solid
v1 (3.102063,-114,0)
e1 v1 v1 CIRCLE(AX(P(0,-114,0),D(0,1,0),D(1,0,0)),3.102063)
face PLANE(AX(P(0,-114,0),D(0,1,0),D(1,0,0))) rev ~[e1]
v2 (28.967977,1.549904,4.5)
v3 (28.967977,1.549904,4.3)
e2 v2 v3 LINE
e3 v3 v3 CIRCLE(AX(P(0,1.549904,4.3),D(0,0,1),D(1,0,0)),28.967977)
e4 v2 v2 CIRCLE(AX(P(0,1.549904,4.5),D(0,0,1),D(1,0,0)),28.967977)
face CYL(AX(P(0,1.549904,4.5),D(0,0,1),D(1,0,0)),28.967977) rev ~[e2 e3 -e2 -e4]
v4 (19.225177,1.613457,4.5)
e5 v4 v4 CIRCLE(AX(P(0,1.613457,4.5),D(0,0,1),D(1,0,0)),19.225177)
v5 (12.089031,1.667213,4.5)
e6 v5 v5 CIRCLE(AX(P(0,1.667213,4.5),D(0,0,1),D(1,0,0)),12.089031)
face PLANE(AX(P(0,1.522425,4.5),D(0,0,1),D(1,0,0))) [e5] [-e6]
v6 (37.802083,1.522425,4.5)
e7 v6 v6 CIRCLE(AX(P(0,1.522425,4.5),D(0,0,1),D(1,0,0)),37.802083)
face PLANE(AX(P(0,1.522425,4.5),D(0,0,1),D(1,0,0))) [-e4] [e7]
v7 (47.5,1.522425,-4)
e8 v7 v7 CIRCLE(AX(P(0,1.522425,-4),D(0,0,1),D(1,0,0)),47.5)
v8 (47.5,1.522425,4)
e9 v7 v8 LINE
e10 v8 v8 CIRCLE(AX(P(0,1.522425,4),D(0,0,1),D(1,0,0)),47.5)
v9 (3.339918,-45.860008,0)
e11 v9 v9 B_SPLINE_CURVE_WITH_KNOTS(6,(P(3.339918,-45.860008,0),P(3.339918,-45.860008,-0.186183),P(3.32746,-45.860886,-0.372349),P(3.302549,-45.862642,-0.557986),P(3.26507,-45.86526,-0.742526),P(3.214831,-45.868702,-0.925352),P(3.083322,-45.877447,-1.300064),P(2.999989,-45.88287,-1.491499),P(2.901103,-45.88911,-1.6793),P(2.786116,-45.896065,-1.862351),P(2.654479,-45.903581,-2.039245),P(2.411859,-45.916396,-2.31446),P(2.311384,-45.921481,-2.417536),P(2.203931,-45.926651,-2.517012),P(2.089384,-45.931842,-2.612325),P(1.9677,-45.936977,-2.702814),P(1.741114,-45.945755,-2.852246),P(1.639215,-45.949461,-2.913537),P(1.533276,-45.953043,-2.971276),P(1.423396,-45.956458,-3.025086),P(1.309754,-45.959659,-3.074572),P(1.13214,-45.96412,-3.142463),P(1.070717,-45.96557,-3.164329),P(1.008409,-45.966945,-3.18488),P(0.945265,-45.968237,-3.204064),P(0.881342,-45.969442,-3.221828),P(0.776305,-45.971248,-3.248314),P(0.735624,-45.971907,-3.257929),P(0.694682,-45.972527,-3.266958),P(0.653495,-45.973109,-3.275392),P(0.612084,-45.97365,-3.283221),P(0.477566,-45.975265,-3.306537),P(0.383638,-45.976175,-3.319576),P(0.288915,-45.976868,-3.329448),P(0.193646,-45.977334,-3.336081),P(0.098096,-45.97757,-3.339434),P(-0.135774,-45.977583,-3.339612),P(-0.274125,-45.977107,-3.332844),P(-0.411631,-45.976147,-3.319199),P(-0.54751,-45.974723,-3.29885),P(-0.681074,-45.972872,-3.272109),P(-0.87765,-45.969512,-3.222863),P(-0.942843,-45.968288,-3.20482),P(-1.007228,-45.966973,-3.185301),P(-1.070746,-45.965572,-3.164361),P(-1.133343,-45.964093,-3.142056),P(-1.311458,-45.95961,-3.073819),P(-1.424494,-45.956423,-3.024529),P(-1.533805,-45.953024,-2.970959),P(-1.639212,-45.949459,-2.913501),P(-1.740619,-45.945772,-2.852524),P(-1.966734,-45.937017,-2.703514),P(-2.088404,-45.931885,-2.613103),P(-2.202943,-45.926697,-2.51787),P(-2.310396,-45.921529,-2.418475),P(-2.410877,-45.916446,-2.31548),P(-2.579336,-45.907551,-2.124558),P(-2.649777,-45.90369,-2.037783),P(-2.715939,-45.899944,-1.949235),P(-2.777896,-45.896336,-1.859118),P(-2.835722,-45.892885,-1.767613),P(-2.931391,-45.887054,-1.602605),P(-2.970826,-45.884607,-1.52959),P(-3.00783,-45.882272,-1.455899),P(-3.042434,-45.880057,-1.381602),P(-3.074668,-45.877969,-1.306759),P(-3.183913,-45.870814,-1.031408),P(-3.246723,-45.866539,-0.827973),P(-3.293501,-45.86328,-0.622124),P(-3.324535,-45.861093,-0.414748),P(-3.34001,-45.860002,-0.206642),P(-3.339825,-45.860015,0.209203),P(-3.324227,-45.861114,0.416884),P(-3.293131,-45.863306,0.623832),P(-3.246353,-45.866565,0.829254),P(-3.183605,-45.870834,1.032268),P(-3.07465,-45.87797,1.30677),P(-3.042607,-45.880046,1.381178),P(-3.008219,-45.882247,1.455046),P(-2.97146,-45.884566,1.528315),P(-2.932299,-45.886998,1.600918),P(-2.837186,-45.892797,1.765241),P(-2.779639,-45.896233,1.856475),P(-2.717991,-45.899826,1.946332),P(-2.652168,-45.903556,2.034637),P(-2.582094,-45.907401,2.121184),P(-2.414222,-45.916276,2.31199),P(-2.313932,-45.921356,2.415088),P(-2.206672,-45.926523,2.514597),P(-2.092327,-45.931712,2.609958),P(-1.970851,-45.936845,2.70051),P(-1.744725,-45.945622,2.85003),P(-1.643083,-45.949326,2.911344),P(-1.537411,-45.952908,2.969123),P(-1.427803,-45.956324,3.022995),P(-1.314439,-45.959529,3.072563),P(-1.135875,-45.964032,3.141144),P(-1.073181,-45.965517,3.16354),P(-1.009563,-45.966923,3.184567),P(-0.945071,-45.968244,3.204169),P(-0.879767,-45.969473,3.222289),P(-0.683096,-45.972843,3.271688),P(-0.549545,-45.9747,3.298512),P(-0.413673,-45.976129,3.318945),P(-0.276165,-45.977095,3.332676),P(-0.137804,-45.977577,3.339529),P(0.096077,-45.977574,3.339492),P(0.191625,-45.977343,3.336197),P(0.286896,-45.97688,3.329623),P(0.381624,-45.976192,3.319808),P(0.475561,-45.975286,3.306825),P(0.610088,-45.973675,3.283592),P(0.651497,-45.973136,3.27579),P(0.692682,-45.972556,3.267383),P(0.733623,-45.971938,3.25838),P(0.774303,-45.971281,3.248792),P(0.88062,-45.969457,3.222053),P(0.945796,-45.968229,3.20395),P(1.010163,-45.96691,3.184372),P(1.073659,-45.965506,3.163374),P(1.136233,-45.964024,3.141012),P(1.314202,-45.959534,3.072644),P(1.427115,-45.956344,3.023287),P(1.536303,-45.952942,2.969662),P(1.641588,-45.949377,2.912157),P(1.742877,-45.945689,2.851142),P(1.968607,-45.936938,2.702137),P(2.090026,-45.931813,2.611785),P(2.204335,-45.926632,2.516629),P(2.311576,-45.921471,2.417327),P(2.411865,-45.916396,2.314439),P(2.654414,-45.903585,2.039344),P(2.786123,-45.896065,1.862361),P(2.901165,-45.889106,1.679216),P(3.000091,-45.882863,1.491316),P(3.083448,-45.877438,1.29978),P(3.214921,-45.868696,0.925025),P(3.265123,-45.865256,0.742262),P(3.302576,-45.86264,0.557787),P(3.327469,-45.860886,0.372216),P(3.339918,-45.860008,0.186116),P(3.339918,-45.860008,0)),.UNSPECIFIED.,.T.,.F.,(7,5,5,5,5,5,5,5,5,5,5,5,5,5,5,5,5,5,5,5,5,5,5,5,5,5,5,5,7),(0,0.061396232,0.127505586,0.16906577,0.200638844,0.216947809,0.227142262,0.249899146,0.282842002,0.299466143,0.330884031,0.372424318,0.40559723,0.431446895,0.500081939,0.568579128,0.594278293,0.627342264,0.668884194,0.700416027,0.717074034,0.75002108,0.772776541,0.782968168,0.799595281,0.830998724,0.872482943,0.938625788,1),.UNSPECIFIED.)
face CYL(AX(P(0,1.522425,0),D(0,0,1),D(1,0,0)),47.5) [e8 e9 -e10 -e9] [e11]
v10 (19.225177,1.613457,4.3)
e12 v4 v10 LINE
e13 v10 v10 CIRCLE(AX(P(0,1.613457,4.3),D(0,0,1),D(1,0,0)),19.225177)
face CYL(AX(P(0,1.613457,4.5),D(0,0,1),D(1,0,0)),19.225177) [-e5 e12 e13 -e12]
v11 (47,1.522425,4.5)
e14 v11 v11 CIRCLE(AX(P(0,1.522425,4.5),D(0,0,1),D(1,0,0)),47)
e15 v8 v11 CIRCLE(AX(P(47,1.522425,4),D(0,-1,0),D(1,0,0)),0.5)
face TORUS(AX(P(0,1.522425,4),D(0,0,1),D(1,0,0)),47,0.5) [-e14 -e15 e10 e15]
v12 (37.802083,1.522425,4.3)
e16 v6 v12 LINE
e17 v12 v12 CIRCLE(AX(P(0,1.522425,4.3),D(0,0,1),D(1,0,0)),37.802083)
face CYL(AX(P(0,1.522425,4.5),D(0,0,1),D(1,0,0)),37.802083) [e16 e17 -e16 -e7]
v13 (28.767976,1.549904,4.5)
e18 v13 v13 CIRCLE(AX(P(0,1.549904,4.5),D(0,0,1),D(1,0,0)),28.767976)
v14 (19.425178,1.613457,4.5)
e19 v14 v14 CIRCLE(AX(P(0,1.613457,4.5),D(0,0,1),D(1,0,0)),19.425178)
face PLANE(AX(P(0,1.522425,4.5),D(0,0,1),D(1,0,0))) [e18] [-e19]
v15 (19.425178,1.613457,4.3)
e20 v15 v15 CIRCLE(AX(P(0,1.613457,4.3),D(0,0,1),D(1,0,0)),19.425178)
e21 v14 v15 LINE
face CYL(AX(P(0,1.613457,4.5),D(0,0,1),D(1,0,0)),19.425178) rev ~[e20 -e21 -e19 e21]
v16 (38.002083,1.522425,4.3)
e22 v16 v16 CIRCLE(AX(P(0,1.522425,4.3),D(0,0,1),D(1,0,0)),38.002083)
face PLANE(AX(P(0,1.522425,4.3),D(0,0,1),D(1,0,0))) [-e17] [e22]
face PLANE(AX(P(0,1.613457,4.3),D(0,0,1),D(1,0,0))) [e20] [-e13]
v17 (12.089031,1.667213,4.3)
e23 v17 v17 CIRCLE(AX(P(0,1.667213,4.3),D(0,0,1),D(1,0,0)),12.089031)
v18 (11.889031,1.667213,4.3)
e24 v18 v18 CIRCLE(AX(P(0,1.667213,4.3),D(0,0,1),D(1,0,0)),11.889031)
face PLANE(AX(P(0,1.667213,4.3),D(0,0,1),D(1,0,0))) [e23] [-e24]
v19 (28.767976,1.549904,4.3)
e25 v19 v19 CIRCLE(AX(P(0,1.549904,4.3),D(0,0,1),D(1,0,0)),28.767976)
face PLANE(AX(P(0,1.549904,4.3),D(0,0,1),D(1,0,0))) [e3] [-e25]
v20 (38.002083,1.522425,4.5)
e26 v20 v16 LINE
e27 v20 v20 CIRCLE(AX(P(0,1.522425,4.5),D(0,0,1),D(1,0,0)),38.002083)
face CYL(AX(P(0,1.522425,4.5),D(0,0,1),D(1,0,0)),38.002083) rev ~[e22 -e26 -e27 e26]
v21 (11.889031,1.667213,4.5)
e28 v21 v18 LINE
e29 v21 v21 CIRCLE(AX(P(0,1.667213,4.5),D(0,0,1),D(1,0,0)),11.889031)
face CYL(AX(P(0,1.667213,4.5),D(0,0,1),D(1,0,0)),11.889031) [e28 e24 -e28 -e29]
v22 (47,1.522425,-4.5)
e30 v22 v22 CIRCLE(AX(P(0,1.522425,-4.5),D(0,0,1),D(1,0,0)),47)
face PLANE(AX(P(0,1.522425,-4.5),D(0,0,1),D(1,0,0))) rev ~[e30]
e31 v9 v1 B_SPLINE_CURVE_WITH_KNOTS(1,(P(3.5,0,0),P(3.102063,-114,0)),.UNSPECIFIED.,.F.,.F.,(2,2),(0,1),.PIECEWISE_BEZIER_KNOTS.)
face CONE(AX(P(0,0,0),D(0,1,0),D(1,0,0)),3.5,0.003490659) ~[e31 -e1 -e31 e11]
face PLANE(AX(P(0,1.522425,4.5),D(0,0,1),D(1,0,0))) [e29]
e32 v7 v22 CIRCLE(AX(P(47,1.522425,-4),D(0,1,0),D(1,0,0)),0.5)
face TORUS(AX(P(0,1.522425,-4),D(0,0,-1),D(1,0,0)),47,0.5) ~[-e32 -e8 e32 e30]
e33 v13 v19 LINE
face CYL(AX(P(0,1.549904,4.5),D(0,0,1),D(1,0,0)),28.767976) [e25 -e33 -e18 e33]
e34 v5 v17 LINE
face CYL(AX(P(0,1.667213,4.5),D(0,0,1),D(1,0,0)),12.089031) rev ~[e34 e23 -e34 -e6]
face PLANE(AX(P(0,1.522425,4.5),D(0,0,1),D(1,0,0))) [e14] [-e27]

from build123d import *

# Parameters (mm, degrees)
F0_R      = 47.5
F1_DEPTH  = 4.5
F2_R      = 3.5
F3_DEPTH  = 114
F3_TAPER  = 0.2
F4_R      = 0.5
F5_R      = 38.002083118
F5_R_2    = 37.802083118
F6_DEPTH  = 0.2
F7_R      = 28.9679765701
F7_R_2    = 28.767975761
F8_DEPTH  = 0.2
F9_R      = 19.4251779467
F9_R_2    = 19.2251771527
F10_DEPTH = 0.2
F11_R     = 12.0890308172
F11_R_2   = 11.8890312486
F12_DEPTH = 0.2
F14_ANGLE = -90


with BuildPart() as f1:
    # F0 (on Front) → F1 (new body, symmetric)
    with BuildSketch(Plane.XZ):
        with Locations((0, 1.5224246528)):
            Circle(F0_R)
    extrude(amount=F1_DEPTH, both=True)

    # F2 (on Top) → F3 (join)
    with BuildSketch(Plane.XY):
        Circle(F2_R)
    extrude(amount=-F3_DEPTH, taper=F3_TAPER)

    # F4
    f4_edges = [f1.edges().sort_by_distance(p)[0] for p in [
        (-47.5, -4.5, 1.522425),
        (-47.5, 4.5, 1.522425),
    ]]
    fillet(f4_edges, radius=F4_R)

    # F5 (on face) → F6 (cut)
    with BuildSketch(Plane.XZ.offset(4.5)):
        with Locations((0, 1.5224246528)):
            Circle(F5_R)
        with Locations((0, 1.5224246528)):
            Circle(F5_R_2, mode=Mode.SUBTRACT)
    extrude(amount=-F6_DEPTH, mode=Mode.SUBTRACT)

    # F7 (on face) → F8 (cut)
    with BuildSketch(Plane.XZ.offset(4.5)):
        with Locations((0, 1.5499041183)):
            Circle(F7_R)
        with Locations((0, 1.5499041183)):
            Circle(F7_R_2, mode=Mode.SUBTRACT)
    extrude(amount=-F8_DEPTH, mode=Mode.SUBTRACT)

    # F9 (on face) → F10 (cut)
    with BuildSketch(Plane.XZ.offset(4.5)):
        with Locations((0, 1.613457338)):
            Circle(F9_R)
        with Locations((0, 1.613457338)):
            Circle(F9_R_2, mode=Mode.SUBTRACT)
    extrude(amount=-F10_DEPTH, mode=Mode.SUBTRACT)

    # F11 (on face) → F12 (cut)
    with BuildSketch(Plane.XZ.offset(4.5)):
        with Locations((0, 1.6672129277)):
            Circle(F11_R)
        with Locations((0, 1.6672129277)):
            Circle(F11_R_2, mode=Mode.SUBTRACT)
    extrude(amount=-F12_DEPTH, mode=Mode.SUBTRACT)


with BuildPart() as f1_1:
    # F14: moved
    add(f1.part.rotate(Axis((14.7541314363, 0, 0), (1, 0, 0)), F14_ANGLE))


solid = f1_1.part
